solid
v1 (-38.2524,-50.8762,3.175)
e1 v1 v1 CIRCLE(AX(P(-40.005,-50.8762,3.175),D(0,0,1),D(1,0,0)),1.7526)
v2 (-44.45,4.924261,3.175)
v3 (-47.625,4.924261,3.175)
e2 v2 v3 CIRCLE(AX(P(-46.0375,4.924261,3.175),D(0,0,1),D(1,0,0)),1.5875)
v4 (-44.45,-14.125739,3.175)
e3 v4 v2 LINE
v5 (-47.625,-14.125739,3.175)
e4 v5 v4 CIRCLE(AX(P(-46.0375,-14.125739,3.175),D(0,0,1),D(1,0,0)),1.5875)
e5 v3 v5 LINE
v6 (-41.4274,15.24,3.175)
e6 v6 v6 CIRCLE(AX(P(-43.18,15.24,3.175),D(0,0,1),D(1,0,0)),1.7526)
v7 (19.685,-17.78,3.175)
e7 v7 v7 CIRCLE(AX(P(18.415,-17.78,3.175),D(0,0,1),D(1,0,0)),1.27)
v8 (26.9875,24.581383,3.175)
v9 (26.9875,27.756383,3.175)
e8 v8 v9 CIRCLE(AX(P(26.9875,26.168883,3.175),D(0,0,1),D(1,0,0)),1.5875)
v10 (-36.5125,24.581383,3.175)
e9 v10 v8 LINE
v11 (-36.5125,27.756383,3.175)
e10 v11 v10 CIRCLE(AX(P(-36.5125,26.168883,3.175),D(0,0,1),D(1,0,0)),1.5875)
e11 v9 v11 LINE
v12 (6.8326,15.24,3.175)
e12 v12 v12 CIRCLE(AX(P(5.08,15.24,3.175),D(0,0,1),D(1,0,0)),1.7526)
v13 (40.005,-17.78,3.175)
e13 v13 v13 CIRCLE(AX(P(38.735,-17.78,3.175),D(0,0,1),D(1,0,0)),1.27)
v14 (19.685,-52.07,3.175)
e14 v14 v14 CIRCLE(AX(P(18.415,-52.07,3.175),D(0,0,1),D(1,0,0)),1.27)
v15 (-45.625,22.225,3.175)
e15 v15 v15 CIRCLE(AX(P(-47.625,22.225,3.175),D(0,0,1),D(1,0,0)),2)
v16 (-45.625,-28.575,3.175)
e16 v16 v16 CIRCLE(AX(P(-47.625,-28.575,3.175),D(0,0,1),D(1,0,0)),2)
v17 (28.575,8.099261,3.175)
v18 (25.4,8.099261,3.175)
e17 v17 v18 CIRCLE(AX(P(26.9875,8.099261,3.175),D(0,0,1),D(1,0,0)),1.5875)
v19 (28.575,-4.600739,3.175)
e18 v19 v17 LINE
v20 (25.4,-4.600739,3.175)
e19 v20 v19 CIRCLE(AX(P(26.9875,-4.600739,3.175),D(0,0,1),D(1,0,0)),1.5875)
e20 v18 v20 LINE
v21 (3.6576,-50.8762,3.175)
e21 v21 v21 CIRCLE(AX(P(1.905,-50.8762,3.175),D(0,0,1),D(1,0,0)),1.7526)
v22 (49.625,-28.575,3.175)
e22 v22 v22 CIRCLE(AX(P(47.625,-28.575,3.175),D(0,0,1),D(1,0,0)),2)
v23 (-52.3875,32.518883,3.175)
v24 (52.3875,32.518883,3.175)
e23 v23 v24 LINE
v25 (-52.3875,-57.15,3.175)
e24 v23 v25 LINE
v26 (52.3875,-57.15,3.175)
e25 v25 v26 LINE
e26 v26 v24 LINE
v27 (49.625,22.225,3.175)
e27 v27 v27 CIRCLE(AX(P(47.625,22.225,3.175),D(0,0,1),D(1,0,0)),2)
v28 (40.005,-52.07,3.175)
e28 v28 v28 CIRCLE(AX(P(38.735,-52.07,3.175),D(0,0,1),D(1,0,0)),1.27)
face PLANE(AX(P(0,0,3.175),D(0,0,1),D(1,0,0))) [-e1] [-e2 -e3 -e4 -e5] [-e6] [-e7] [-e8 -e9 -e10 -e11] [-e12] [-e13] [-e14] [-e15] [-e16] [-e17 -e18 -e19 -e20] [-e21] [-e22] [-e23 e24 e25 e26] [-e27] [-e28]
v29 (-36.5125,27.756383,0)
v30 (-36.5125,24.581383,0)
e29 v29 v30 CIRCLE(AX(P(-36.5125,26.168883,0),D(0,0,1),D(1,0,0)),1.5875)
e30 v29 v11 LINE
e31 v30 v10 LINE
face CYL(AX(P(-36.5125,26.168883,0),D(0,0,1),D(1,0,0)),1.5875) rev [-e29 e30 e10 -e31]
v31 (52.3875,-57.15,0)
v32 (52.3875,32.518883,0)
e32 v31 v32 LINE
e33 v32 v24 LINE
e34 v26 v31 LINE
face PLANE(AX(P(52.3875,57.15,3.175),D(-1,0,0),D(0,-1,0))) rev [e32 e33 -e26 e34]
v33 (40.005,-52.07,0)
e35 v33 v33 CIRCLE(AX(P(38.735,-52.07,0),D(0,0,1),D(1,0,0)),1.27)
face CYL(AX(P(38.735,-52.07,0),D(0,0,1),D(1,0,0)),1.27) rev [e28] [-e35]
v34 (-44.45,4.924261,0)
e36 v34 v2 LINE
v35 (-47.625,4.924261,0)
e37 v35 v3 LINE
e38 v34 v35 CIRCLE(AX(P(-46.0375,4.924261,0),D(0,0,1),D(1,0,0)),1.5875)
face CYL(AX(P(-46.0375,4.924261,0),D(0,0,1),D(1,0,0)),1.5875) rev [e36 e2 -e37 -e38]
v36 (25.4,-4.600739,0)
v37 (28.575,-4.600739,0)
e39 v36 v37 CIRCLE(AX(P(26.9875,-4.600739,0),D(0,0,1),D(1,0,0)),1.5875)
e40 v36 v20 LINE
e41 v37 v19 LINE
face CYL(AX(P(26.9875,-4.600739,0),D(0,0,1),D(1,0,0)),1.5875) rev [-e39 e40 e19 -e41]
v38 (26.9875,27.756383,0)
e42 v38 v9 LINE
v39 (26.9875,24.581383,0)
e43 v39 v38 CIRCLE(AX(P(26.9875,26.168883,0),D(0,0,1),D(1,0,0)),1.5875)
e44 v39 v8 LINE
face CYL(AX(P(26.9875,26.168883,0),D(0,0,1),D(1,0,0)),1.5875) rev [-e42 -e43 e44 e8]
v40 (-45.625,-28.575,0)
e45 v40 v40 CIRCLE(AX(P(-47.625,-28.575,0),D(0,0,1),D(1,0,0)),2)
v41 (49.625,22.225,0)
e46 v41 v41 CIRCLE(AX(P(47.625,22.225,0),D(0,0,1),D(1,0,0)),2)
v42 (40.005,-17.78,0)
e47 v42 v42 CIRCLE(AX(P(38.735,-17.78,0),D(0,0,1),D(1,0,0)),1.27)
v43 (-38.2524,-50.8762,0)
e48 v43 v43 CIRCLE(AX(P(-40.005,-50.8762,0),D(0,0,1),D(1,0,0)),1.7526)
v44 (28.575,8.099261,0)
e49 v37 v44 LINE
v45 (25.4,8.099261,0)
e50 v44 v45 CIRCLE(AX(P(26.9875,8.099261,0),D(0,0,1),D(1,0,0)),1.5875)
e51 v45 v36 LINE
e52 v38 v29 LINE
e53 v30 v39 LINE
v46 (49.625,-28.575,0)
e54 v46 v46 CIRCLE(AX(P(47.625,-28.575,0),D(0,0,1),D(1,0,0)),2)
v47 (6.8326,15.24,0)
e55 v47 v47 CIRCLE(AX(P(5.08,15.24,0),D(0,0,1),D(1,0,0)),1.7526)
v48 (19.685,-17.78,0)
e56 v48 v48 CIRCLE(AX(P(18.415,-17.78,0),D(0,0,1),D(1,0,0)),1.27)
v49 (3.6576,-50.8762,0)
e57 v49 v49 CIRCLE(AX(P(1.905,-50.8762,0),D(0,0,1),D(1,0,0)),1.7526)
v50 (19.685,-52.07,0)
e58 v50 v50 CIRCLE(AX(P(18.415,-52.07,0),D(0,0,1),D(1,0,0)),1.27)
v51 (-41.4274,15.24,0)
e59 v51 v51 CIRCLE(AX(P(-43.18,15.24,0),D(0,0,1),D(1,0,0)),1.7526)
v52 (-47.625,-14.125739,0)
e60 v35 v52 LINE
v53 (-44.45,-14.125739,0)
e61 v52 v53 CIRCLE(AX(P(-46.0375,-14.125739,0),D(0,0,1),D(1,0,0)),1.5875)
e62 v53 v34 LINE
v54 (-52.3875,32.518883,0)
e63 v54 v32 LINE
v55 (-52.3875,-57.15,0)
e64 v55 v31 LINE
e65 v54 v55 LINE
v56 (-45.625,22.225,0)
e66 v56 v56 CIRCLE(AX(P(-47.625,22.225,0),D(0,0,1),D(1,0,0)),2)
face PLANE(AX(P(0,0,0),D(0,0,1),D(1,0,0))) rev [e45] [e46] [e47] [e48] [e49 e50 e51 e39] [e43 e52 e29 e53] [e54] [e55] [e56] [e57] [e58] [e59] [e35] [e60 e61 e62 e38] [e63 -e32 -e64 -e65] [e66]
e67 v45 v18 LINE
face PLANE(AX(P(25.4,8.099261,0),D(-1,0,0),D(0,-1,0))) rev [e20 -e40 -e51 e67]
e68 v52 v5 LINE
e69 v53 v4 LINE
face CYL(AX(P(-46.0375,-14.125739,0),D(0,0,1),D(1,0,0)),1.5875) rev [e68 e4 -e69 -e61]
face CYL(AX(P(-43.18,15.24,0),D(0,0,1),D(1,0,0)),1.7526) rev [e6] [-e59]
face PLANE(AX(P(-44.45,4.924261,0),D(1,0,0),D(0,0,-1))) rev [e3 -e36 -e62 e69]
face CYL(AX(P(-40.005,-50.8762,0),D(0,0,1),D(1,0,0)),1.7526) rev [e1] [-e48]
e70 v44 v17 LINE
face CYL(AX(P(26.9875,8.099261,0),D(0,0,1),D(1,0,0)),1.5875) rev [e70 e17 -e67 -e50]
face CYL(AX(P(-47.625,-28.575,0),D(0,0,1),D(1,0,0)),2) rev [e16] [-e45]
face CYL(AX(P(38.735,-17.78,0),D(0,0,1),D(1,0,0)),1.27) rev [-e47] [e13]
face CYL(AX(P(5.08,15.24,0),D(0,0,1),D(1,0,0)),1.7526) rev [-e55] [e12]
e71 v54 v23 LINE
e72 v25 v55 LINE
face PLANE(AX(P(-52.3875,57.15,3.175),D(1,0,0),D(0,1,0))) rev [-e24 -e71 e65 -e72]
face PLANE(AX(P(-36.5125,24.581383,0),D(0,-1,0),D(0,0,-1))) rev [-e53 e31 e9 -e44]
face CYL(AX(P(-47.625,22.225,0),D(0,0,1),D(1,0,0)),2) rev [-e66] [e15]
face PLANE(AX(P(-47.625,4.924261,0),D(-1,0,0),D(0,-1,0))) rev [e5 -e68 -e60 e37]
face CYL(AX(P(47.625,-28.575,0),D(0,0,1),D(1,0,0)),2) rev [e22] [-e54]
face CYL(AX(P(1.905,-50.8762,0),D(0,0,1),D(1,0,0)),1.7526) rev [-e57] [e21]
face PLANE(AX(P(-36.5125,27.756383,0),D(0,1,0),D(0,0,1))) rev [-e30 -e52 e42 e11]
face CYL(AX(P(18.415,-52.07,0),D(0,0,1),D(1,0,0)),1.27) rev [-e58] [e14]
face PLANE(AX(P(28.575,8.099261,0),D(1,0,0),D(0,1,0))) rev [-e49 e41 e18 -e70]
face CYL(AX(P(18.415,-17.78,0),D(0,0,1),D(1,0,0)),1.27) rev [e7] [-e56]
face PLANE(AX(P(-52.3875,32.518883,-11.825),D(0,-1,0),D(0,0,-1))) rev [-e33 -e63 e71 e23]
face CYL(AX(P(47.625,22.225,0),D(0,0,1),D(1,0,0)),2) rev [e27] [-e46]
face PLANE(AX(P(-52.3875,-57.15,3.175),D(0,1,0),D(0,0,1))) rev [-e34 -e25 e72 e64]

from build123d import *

# Parameters (mm, degrees)
SKETCH1_W           = 104.775
SKETCH1_H           = 114.3
BOSS_EXTRUDE1_DEPTH = 3.175
SKETCH2_R           = 1.7526
CUT_EXTRUDE1_DEPTH  = 78.592868753
SKETCH3_R           = 2
CUT_EXTRUDE2_DEPTH  = 78.592868753
SKETCH4_R           = 1.27
CUT_EXTRUDE3_DEPTH  = 78.592868753
SKETCH5_W           = 104.775
SKETCH5_H           = 49.262233524
CUT_EXTRUDE4_DEPTH  = 15
CUT_EXTRUDE5_DEPTH  = 78.592868753


with BuildPart() as part:
    # Sketch1 → Boss-Extrude1 (new body)
    with BuildSketch(Plane.XY):
        Rectangle(SKETCH1_W, SKETCH1_H)
    extrude(amount=BOSS_EXTRUDE1_DEPTH)

    # Sketch2 → Cut-Extrude1 (cut, through all)
    with BuildSketch(Plane.XY.offset(3.175)):
        with Locations((-43.18, 15.24)):
            Circle(SKETCH2_R)
        with Locations((5.08, 15.24)):
            Circle(SKETCH2_R)
        with Locations((-40.005, -50.8762)):
            Circle(SKETCH2_R)
        with Locations((1.905, -50.8762)):
            Circle(SKETCH2_R)
    extrude(amount=-CUT_EXTRUDE1_DEPTH, mode=Mode.SUBTRACT)

    # Sketch3 → Cut-Extrude2 (cut, through all)
    with BuildSketch(Plane.XY.offset(3.175)):
        with Locations((-47.625, 22.225)):
            Circle(SKETCH3_R)
        with Locations((47.625, 22.225)):
            Circle(SKETCH3_R)
        with Locations((47.625, -28.575)):
            Circle(SKETCH3_R)
        with Locations((-47.625, -28.575)):
            Circle(SKETCH3_R)
    extrude(amount=-CUT_EXTRUDE2_DEPTH, mode=Mode.SUBTRACT)

    # Sketch4 → Cut-Extrude3 (cut, through all)
    with BuildSketch(Plane.XY.offset(3.175)):
        with Locations((18.415, -17.78)):
            Circle(SKETCH4_R)
        with Locations((38.735, -17.78)):
            Circle(SKETCH4_R)
        with Locations((38.735, -52.07)):
            Circle(SKETCH4_R)
        with Locations((18.415, -52.07)):
            Circle(SKETCH4_R)
    extrude(amount=-CUT_EXTRUDE3_DEPTH, mode=Mode.SUBTRACT)

    # Sketch5 → Cut-Extrude4 (cut)
    with BuildSketch(Plane.XY.offset(3.175)):
        with Locations((0, 57.15)):
            Rectangle(SKETCH5_W, SKETCH5_H)
    extrude(amount=-CUT_EXTRUDE4_DEPTH, mode=Mode.SUBTRACT)

    # Sketch7 → Cut-Extrude5 (cut, through all)
    with BuildSketch(Plane.XY.offset(3.175)):
        with BuildLine():
            Line((-44.45, 4.92426118), (-44.45, -14.12573882))
            ThreePointArc((-44.45, -14.12573882), (-46.0375, -15.71323882), (-47.625, -14.12573882))
            Line((-47.625, -14.12573882), (-47.625, 4.92426118))
            ThreePointArc((-47.625, 4.92426118), (-46.0375, 6.51176118), (-44.45, 4.92426118))
        make_face()
        with BuildLine():
            Line((-36.5125, 27.756383238), (26.9875, 27.756383238))
            ThreePointArc((26.9875, 27.756383238), (28.575, 26.168883238), (26.9875, 24.581383238))
            Line((26.9875, 24.581383238), (-36.5125, 24.581383238))
            ThreePointArc((-36.5125, 24.581383238), (-38.1, 26.168883238), (-36.5125, 27.756383238))
        make_face()
        with BuildLine():
            Line((28.575, 8.09926118), (28.575, -4.60073882))
            ThreePointArc((28.575, -4.60073882), (26.9875, -6.18823882), (25.4, -4.60073882))
            Line((25.4, -4.60073882), (25.4, 8.09926118))
            ThreePointArc((25.4, 8.09926118), (26.9875, 9.68676118), (28.575, 8.09926118))
        make_face()
    extrude(amount=-CUT_EXTRUDE5_DEPTH, mode=Mode.SUBTRACT)


solid = part.part
